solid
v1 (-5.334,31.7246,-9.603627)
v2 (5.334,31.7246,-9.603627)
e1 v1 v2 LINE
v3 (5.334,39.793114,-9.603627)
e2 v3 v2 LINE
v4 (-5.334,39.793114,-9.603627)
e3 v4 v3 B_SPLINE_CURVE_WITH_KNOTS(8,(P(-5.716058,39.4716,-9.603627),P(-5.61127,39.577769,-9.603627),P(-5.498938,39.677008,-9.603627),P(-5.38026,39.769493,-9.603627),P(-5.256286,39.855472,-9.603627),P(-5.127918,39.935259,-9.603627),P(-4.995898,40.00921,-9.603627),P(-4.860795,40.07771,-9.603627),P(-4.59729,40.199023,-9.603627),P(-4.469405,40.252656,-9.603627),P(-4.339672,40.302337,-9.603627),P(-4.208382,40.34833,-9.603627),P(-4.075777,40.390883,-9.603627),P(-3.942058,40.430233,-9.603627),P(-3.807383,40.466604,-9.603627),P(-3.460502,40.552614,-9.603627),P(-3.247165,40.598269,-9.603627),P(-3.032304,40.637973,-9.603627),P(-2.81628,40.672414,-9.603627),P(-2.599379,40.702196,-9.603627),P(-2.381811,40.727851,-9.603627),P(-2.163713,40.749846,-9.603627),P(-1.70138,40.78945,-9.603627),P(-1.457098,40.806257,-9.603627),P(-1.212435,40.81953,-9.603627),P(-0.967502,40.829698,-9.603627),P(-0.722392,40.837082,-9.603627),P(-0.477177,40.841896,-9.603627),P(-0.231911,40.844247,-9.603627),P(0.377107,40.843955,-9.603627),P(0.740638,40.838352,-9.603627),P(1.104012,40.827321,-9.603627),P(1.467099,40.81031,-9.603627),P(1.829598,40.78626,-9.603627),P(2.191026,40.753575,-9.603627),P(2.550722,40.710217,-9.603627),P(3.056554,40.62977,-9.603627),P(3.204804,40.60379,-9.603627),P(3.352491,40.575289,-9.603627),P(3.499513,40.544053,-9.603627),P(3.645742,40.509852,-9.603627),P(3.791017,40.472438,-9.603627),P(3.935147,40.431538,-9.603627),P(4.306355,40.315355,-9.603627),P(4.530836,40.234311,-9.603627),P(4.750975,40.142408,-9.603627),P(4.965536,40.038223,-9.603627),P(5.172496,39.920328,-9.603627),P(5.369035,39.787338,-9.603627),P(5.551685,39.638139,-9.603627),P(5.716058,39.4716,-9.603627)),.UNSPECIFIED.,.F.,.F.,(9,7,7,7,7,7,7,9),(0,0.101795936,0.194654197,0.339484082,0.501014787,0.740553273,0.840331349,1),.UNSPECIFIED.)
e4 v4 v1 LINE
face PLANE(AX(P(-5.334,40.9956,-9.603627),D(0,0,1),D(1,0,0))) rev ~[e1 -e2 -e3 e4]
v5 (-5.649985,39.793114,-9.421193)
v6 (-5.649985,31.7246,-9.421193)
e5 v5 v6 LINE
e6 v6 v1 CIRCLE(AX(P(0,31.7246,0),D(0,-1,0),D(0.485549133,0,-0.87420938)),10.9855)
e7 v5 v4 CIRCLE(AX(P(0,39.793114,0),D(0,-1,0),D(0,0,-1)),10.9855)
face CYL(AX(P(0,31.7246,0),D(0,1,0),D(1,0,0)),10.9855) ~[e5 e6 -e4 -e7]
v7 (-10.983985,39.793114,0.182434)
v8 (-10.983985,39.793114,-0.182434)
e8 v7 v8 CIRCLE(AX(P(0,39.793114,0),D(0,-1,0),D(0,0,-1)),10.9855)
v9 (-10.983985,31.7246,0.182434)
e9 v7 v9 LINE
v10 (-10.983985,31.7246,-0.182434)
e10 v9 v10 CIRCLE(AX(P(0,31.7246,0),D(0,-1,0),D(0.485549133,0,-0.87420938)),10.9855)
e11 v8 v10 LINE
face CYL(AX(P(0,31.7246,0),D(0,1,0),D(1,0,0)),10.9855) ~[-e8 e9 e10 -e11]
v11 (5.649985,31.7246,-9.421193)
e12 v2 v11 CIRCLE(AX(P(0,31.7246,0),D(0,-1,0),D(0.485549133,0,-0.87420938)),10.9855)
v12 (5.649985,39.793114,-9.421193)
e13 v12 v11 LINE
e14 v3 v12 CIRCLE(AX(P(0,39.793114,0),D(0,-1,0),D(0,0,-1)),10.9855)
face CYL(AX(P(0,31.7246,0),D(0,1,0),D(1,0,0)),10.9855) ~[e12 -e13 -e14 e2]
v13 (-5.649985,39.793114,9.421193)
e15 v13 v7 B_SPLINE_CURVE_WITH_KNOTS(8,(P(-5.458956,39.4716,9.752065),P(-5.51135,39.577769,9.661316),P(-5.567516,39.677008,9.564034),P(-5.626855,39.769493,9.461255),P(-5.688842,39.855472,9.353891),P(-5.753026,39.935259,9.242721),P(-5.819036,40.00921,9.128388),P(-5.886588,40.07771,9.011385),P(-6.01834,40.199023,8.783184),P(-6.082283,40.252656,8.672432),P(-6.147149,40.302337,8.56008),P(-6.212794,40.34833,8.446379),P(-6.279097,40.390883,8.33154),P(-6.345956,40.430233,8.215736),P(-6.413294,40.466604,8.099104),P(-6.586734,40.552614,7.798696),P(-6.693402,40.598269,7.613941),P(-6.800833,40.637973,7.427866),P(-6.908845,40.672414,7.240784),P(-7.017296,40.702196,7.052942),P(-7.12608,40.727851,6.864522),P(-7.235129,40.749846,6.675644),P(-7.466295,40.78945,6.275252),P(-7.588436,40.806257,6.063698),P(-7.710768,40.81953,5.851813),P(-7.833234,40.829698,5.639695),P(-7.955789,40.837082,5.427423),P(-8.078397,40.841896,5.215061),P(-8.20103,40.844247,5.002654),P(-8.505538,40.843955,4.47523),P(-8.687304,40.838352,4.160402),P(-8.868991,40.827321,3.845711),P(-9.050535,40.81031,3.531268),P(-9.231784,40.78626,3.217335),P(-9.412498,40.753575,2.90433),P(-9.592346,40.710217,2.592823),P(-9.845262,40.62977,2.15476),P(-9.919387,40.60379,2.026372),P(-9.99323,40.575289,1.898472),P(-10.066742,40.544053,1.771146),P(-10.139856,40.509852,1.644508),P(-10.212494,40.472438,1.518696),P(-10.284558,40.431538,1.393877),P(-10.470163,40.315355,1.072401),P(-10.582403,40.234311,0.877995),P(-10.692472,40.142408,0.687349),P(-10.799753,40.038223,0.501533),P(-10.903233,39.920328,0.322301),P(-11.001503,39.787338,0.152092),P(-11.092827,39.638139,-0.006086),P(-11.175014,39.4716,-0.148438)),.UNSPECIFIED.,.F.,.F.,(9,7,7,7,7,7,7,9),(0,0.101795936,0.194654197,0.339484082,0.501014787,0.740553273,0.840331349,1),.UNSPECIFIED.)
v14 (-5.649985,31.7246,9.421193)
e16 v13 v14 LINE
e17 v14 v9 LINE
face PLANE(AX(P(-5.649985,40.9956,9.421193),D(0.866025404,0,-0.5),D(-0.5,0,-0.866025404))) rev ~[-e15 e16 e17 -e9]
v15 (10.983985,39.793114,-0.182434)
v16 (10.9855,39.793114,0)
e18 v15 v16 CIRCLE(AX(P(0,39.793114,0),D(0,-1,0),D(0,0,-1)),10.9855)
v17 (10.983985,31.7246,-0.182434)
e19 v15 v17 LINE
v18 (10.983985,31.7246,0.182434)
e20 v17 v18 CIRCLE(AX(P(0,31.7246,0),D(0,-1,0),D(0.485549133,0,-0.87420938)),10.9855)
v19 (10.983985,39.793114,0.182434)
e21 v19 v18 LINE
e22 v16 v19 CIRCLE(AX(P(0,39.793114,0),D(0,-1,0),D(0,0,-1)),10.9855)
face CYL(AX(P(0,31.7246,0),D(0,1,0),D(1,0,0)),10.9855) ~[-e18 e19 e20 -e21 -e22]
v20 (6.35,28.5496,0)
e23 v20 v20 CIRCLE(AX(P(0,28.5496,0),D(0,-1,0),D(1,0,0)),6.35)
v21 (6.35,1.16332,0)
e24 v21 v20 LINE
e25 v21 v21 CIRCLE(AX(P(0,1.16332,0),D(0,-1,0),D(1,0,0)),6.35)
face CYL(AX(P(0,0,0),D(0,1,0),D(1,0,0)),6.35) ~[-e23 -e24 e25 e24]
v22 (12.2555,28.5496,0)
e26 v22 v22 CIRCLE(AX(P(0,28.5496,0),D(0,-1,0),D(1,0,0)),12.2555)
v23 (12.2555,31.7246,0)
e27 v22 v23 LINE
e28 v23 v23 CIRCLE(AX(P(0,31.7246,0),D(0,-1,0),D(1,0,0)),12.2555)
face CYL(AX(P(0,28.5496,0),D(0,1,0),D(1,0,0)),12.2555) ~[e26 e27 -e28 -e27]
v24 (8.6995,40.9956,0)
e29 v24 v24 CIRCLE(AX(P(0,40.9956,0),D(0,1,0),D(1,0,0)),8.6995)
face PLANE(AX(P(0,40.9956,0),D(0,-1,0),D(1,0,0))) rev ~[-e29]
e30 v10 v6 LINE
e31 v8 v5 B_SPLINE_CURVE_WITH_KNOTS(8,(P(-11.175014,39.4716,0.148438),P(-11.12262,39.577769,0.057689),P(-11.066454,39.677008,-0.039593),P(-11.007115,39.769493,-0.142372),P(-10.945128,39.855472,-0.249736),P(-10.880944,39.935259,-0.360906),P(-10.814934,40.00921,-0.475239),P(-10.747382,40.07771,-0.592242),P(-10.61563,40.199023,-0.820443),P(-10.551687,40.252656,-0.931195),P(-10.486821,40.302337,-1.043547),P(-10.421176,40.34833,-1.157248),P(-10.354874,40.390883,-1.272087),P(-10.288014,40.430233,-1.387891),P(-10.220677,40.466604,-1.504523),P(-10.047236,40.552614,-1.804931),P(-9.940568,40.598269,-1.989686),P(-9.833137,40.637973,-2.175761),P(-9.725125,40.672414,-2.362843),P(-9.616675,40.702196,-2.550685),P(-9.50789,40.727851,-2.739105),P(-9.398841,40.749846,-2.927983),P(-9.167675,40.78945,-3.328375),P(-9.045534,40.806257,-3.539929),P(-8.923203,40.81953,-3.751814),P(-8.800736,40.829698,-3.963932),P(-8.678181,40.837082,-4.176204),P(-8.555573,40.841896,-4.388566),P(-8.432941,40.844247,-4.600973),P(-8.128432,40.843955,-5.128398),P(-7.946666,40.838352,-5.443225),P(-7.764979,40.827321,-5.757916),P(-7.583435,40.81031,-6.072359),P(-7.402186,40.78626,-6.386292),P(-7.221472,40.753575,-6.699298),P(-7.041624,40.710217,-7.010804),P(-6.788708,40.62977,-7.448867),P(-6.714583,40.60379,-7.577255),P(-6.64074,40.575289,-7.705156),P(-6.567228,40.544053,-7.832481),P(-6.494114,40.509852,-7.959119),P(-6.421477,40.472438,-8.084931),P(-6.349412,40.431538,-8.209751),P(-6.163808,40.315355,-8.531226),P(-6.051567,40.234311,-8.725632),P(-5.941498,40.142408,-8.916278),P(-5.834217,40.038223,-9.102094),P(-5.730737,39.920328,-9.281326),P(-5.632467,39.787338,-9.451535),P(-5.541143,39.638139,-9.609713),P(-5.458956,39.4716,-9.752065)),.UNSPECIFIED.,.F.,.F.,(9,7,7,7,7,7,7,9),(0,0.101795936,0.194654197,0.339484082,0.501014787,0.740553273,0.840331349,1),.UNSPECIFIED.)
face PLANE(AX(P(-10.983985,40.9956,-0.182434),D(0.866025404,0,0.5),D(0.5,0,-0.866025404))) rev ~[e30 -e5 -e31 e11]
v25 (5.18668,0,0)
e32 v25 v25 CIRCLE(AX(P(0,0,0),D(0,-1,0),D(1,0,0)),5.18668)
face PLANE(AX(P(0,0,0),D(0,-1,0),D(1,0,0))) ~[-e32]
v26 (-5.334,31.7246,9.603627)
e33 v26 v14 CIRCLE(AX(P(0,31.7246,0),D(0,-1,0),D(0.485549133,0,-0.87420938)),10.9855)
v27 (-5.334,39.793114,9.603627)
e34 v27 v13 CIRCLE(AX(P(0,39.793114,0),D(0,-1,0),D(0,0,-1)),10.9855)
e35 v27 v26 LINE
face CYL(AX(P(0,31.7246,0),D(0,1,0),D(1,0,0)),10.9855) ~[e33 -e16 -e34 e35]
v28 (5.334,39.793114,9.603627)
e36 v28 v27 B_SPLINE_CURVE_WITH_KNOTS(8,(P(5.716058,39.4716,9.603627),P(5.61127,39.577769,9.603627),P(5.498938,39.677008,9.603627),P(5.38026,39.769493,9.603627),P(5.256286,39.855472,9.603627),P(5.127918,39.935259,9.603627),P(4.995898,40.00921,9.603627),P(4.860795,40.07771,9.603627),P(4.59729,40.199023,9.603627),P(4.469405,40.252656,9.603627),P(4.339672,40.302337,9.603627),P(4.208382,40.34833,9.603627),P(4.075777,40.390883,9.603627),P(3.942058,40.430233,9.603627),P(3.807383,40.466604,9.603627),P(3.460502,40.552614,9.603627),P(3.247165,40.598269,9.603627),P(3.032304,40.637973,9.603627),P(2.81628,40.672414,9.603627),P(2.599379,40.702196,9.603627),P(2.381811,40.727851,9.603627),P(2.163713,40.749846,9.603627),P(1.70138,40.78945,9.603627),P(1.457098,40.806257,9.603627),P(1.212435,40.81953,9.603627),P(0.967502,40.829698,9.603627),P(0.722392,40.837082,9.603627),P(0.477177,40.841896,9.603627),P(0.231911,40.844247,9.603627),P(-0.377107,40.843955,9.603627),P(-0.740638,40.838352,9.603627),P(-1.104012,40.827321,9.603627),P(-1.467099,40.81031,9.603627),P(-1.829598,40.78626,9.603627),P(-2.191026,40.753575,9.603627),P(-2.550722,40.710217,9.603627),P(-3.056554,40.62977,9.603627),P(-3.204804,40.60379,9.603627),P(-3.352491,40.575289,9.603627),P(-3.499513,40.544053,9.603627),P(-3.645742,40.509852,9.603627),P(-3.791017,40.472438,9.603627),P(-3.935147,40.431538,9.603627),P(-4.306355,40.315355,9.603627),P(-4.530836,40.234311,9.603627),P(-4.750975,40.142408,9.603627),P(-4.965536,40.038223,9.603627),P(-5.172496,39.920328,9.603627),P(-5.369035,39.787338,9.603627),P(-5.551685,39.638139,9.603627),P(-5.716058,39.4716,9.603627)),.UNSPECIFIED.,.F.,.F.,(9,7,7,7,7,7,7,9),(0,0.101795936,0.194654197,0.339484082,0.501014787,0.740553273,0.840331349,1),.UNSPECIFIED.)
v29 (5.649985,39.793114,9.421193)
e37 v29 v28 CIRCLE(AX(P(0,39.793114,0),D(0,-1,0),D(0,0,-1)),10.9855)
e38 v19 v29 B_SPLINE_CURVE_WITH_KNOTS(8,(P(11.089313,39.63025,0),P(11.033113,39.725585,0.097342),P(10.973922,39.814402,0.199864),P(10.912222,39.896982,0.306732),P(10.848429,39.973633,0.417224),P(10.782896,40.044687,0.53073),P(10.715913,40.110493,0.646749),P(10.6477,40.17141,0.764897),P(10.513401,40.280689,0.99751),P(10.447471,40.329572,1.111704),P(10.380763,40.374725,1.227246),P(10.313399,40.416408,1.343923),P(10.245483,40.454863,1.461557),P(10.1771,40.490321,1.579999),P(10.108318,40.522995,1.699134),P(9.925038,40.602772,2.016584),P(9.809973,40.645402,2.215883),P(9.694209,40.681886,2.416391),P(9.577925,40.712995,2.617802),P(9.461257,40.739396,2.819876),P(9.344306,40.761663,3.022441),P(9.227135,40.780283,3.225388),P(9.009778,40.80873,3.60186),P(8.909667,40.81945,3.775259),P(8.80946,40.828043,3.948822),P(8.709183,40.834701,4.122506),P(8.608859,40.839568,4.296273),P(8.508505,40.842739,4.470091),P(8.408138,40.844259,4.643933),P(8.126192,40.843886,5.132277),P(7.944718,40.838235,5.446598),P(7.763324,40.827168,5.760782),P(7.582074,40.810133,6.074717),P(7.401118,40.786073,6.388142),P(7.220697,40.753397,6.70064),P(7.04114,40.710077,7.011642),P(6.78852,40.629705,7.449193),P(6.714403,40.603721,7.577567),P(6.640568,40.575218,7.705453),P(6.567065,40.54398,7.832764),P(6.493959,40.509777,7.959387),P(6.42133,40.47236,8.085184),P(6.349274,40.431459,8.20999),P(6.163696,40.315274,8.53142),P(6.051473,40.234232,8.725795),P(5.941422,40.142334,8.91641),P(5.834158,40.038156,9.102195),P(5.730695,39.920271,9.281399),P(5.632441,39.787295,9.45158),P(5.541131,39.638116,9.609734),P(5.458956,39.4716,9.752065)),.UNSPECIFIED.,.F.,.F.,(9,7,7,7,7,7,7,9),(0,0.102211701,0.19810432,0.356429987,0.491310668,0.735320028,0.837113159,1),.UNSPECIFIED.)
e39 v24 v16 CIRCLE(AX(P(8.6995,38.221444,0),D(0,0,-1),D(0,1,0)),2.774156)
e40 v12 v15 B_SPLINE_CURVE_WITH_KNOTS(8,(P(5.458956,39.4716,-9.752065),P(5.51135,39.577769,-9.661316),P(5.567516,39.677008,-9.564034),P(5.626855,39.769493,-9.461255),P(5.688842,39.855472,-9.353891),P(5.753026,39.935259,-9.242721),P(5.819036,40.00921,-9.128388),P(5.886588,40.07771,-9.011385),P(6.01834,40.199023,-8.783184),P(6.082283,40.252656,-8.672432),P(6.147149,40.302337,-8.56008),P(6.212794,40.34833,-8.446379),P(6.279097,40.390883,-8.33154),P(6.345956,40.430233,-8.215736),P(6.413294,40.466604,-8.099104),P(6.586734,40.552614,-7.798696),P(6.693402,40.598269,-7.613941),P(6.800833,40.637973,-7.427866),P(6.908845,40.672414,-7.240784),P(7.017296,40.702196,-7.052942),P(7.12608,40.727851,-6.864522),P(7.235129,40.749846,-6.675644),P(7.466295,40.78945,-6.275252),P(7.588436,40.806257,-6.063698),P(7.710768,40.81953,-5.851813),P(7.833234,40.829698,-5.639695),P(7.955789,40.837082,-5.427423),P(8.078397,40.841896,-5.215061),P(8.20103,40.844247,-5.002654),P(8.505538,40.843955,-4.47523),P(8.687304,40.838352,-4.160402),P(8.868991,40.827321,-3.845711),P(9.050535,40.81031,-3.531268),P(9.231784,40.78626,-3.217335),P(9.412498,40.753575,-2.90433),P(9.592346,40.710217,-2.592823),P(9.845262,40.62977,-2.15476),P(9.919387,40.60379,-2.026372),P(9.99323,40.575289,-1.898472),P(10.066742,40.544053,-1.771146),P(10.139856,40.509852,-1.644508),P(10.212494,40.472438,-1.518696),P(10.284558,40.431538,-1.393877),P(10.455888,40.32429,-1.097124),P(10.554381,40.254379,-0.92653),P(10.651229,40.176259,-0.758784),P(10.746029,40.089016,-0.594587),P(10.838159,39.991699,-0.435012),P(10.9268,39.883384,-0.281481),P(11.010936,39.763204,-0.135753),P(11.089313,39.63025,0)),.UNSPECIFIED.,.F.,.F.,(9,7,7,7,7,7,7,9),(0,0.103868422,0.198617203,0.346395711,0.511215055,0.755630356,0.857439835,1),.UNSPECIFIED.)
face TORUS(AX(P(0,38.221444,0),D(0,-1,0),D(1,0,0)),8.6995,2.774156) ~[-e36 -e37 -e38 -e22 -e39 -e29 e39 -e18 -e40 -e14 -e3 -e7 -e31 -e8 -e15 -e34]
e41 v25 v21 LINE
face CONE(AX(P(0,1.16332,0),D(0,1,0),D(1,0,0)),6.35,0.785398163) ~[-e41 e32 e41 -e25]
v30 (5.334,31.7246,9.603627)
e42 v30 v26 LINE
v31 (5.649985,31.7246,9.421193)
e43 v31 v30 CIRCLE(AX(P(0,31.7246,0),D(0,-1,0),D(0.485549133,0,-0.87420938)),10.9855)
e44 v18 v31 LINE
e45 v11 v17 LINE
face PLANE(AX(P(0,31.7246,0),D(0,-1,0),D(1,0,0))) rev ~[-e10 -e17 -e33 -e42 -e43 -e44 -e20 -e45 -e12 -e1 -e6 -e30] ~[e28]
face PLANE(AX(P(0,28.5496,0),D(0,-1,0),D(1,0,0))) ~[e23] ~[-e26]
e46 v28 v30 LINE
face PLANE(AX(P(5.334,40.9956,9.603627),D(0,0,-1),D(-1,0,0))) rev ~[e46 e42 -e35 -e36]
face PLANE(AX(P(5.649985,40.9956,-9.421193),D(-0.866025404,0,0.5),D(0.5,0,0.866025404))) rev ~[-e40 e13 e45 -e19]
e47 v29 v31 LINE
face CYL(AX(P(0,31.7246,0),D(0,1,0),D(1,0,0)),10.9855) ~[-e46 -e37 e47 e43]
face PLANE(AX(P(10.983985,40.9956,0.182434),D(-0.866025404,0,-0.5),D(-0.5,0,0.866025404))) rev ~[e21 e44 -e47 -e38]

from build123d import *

# Parameters (mm, degrees)
SKETCH2_W          = 10.668
SKETCH2_H          = 4.111930553
CUT_EXTRUDE1_DEPTH = 9.271
CIRPATTERN1_COUNT  = 6
CHAMFER1_SIZE      = 1.16332


with BuildPart() as part:
    # Sketch1 → Revolve1 (revolve)
    with BuildSketch(Plane.XY):
        Polygon((0, 0), (6.35, 0), (6.35, 28.5496), (12.2555, 28.5496), (12.2555, 31.7246), (10.9855, 31.7246), (10.9855, 40.9956), (0, 40.9956), align=None)
    revolve(axis=Axis((0, 40.9956, 0), (0, -1, 0)))

    # Sketch2 → Cut-Extrude1 (cut)
    with BuildSketch(Plane(origin=(0, 40.9956, 0), x_dir=(1, 0, 0), z_dir=(0, 1, 0))):
        with Locations((0, 11.659592417)):
            Rectangle(SKETCH2_W, SKETCH2_H)
    cut_extrude1 = extrude(amount=-CUT_EXTRUDE1_DEPTH, mode=Mode.SUBTRACT)

    # CirPattern1: Cut-Extrude1 ×6 about axis
    cirpattern1_axis = Axis((0, 0, 0), (0, 1, 0))
    for i in range(1, CIRPATTERN1_COUNT):
        add(cut_extrude1.rotate(cirpattern1_axis, i * 360 / CIRPATTERN1_COUNT), mode=Mode.SUBTRACT)

    # Sketch4 → Cut-Revolve1 (revolve, cut)
    with BuildSketch(Plane.XY):
        with BuildLine():
            Line((11.176, 39.4716), (11.176, 40.9956))
            Line((11.176, 40.9956), (8.6995, 40.9956))
            ThreePointArc((8.6995, 40.9956), (10.153428149, 40.584076992), (11.176, 39.4716))
        make_face()
    revolve(axis=Axis((0, -5.042553629, 0), (0, 1, 0)), mode=Mode.SUBTRACT)

    # Chamfer1
    chamfer1_edges = [part.edges().sort_by_distance(p)[0] for p in [
        (-6.35, 0, 0),
    ]]
    chamfer(chamfer1_edges, length=CHAMFER1_SIZE)


solid = part.part
